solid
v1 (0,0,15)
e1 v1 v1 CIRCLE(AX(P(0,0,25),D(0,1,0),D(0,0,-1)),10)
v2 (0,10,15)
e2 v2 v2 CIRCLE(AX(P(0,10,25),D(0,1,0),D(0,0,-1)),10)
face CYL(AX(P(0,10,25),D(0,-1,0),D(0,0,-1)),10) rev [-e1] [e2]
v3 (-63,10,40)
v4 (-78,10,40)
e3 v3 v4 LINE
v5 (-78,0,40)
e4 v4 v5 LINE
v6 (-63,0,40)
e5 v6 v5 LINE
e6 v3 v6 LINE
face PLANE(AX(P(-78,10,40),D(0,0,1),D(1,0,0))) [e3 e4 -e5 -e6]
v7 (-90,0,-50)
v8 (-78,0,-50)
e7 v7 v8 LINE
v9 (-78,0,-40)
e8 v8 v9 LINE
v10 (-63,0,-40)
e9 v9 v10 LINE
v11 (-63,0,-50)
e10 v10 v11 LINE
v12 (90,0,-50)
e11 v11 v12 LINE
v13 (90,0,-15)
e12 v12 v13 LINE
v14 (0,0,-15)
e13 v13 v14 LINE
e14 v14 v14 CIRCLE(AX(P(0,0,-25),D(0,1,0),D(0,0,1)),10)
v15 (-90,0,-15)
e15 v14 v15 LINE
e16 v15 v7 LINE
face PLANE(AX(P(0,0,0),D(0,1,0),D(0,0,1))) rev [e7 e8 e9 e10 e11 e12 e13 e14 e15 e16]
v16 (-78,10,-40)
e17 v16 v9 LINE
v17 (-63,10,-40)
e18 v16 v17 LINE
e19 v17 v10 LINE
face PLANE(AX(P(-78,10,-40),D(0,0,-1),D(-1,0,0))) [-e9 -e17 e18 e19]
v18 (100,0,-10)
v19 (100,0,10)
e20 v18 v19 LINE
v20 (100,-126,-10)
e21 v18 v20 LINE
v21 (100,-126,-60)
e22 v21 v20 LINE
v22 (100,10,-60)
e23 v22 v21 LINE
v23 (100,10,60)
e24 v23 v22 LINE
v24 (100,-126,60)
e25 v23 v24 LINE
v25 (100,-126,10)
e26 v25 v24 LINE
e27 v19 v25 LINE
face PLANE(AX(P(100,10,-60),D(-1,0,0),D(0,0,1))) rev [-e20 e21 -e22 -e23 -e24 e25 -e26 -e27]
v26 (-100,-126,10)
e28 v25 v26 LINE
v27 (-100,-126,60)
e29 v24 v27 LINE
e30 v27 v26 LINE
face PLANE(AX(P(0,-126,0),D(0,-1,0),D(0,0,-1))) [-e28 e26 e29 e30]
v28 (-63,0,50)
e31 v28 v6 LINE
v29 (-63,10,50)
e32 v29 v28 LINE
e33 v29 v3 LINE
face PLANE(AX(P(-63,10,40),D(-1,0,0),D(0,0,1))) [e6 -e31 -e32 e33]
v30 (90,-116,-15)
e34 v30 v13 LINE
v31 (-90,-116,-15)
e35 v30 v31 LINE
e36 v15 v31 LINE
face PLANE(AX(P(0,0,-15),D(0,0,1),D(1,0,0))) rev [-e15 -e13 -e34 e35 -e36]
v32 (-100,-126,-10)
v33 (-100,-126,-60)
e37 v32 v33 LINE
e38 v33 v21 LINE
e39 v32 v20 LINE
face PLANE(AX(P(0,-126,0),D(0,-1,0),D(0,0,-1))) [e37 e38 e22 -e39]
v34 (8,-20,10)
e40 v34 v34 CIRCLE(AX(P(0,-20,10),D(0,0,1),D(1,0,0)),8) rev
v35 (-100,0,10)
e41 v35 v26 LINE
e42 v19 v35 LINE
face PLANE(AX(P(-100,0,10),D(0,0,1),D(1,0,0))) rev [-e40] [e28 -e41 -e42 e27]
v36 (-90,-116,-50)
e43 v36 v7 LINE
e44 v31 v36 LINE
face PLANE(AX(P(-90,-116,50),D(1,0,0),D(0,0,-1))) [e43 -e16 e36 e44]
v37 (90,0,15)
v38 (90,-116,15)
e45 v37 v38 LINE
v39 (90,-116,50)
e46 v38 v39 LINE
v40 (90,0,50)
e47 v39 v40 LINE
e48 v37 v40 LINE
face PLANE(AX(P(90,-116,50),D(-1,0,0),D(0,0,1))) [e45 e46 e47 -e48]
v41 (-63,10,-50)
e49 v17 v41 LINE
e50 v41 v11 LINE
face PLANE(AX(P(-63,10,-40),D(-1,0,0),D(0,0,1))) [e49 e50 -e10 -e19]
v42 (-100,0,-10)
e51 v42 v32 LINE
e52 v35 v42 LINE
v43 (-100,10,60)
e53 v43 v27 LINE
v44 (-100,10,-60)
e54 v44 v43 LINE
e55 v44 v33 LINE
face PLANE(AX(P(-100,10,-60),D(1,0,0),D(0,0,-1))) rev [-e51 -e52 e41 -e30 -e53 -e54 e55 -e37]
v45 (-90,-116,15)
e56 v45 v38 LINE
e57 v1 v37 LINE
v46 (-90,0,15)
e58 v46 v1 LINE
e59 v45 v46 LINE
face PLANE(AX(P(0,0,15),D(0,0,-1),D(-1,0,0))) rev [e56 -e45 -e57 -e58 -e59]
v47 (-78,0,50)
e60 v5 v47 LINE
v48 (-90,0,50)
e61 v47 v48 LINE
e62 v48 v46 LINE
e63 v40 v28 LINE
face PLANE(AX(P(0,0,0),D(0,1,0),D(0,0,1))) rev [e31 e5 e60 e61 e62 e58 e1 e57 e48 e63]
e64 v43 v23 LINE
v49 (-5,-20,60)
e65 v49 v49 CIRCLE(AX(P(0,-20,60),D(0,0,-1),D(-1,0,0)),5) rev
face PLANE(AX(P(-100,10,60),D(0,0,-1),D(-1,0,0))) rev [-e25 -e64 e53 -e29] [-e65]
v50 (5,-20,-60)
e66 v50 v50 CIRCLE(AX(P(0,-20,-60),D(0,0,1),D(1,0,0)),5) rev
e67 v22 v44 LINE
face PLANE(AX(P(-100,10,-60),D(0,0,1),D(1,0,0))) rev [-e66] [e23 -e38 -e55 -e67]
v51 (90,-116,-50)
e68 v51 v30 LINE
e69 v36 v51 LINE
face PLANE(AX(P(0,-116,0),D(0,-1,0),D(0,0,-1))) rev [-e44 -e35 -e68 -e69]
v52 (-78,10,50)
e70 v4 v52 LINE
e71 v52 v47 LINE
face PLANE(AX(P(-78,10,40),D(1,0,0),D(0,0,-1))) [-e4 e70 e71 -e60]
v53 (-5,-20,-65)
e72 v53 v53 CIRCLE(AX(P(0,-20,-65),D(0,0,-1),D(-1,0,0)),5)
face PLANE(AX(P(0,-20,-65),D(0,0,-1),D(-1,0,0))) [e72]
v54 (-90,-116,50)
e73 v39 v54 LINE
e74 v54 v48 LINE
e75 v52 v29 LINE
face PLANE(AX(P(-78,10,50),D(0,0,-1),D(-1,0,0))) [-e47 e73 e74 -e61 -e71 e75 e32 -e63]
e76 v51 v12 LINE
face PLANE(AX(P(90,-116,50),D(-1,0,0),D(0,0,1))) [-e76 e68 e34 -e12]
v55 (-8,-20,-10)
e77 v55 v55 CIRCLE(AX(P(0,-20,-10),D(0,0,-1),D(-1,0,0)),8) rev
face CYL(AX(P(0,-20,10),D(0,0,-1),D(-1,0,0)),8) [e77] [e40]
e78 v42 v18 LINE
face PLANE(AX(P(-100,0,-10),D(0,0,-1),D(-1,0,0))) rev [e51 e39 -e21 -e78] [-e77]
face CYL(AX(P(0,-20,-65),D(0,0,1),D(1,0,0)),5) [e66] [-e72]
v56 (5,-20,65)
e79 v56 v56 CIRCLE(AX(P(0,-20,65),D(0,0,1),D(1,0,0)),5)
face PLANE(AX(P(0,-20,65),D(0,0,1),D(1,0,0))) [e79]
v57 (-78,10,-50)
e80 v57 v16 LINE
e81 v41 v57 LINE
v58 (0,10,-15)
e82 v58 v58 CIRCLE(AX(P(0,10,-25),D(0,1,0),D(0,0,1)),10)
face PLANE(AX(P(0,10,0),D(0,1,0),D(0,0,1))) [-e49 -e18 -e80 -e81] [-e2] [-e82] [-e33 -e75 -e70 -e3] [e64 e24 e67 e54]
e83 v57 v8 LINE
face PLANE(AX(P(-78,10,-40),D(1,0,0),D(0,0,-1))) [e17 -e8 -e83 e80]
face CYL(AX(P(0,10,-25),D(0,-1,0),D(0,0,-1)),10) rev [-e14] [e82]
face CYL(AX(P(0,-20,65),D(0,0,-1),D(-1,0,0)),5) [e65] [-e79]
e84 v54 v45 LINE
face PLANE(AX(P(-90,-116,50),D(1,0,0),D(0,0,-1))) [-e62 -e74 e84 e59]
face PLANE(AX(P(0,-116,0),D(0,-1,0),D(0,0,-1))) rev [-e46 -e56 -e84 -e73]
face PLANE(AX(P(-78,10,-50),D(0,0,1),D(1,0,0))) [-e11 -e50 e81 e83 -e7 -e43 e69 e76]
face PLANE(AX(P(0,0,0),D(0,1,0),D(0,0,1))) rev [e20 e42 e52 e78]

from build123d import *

# Parameters (mm, degrees)
SKETCH_1_W          = 200
SKETCH_1_H          = 120
SKETCH_1_R          = 10
SKETCH_1_W_2        = 15
SKETCH_1_H_2        = 10
EXTRUDE_1_DEPTH     = 10
SKETCH_2_W          = 200
SKETCH_2_H          = 120
SKETCH_2_W_2        = 180
SKETCH_2_H_2        = 100
EXTRUDE_2_DEPTH     = 116
SKETCH_4_W          = 200
SKETCH_4_H          = 120
EXTRUDE_3_DEPTH     = 10
SKETCH_6_W          = 200
SKETCH_6_H          = 20
CUT_EXTRUDE_1_DEPTH = 126
SKETCH_7_W          = 200
SKETCH_7_H          = 126
EXTRUDE_4_DEPTH     = 5
SKETCH_8_W          = 200
SKETCH_8_H          = 126
EXTRUDE_5_DEPTH     = 5
SKETCH_9_R          = 8
EXTRUDE_6_DEPTH     = 20
SKETCH_10_R         = 5
EXTRUDE_7_DEPTH     = 5
EXTRUDE_START       = 5
SKETCH_11_R         = 5
EXTRUDE_8_DEPTH     = 5


with BuildPart() as part:
    # 草图1 → 凸台-拉伸1 (new body)
    with BuildSketch(Plane(origin=(0, 0, 0), x_dir=(1, 0, 0), z_dir=(0, 1, 0))):
        Rectangle(SKETCH_1_W, SKETCH_1_H)
        with Locations(Location((0, 25, 0), (0, 0, 270))):
            Circle(SKETCH_1_R, mode=Mode.SUBTRACT)
        with Locations(Location((0, -25, 0), (0, 0, 90))):
            Circle(SKETCH_1_R, mode=Mode.SUBTRACT)
        with Locations((-70.5, 45)):
            Rectangle(SKETCH_1_W_2, SKETCH_1_H_2, mode=Mode.SUBTRACT)
        with Locations((-70.5, -45)):
            Rectangle(SKETCH_1_W_2, SKETCH_1_H_2, mode=Mode.SUBTRACT)
    extrude(amount=EXTRUDE_1_DEPTH)

    # 草图2 → 凸台-拉伸2 (add)
    with BuildSketch(Plane.XZ):
        Rectangle(SKETCH_2_W, SKETCH_2_H)
        Rectangle(SKETCH_2_W_2, SKETCH_2_H_2, mode=Mode.SUBTRACT)
    extrude(amount=EXTRUDE_2_DEPTH)

    # 草图4 → 凸台-拉伸3 (add)
    with BuildSketch(Plane.XZ.offset(116)):
        Rectangle(SKETCH_4_W, SKETCH_4_H)
    extrude(amount=EXTRUDE_3_DEPTH)

    # 草图6 → 切除-拉伸1 (cut)
    with BuildSketch(Plane.XZ.offset(126)):
        Rectangle(SKETCH_6_W, SKETCH_6_H)
    extrude(amount=-CUT_EXTRUDE_1_DEPTH, mode=Mode.SUBTRACT)

    # 草图7 → 凸台-拉伸4 (add)
    with BuildSketch(Plane(origin=(0, 0, 10), x_dir=(-1, 0, 0), z_dir=(0, 0, -1))):
        with Locations((0, -63)):
            Rectangle(SKETCH_7_W, SKETCH_7_H)
    extrude(amount=-EXTRUDE_4_DEPTH)

    # 草图8 → 凸台-拉伸5 (add)
    with BuildSketch(Plane.XY.offset(-10)):
        with Locations((0, -63)):
            Rectangle(SKETCH_8_W, SKETCH_8_H)
    extrude(amount=-EXTRUDE_5_DEPTH)

    # 草图9 → 凸台-拉伸6 (add)
    with BuildSketch(Plane.XY.offset(-10)):
        with Locations(Location((0, -20, 0), (0, 0, 180))):
            Circle(SKETCH_9_R)
    extrude(amount=EXTRUDE_6_DEPTH)

    # 草图10 → 凸台-拉伸7 (add)
    with BuildSketch(Plane.XY.offset(60)):
        with Locations(Location((0, -20, 0), (0, 0, 180))):
            Circle(SKETCH_10_R)
    extrude(amount=EXTRUDE_7_DEPTH)

    # 草图11 → 凸台-拉伸8 (add)
    with BuildSketch(Plane(origin=(0, 0, -60), x_dir=(-1, 0, 0), z_dir=(0, 0, -1)).offset(EXTRUDE_START)):
        with Locations((0, -20)):
            Circle(SKETCH_11_R)
    extrude(amount=-EXTRUDE_8_DEPTH)


solid = part.part
